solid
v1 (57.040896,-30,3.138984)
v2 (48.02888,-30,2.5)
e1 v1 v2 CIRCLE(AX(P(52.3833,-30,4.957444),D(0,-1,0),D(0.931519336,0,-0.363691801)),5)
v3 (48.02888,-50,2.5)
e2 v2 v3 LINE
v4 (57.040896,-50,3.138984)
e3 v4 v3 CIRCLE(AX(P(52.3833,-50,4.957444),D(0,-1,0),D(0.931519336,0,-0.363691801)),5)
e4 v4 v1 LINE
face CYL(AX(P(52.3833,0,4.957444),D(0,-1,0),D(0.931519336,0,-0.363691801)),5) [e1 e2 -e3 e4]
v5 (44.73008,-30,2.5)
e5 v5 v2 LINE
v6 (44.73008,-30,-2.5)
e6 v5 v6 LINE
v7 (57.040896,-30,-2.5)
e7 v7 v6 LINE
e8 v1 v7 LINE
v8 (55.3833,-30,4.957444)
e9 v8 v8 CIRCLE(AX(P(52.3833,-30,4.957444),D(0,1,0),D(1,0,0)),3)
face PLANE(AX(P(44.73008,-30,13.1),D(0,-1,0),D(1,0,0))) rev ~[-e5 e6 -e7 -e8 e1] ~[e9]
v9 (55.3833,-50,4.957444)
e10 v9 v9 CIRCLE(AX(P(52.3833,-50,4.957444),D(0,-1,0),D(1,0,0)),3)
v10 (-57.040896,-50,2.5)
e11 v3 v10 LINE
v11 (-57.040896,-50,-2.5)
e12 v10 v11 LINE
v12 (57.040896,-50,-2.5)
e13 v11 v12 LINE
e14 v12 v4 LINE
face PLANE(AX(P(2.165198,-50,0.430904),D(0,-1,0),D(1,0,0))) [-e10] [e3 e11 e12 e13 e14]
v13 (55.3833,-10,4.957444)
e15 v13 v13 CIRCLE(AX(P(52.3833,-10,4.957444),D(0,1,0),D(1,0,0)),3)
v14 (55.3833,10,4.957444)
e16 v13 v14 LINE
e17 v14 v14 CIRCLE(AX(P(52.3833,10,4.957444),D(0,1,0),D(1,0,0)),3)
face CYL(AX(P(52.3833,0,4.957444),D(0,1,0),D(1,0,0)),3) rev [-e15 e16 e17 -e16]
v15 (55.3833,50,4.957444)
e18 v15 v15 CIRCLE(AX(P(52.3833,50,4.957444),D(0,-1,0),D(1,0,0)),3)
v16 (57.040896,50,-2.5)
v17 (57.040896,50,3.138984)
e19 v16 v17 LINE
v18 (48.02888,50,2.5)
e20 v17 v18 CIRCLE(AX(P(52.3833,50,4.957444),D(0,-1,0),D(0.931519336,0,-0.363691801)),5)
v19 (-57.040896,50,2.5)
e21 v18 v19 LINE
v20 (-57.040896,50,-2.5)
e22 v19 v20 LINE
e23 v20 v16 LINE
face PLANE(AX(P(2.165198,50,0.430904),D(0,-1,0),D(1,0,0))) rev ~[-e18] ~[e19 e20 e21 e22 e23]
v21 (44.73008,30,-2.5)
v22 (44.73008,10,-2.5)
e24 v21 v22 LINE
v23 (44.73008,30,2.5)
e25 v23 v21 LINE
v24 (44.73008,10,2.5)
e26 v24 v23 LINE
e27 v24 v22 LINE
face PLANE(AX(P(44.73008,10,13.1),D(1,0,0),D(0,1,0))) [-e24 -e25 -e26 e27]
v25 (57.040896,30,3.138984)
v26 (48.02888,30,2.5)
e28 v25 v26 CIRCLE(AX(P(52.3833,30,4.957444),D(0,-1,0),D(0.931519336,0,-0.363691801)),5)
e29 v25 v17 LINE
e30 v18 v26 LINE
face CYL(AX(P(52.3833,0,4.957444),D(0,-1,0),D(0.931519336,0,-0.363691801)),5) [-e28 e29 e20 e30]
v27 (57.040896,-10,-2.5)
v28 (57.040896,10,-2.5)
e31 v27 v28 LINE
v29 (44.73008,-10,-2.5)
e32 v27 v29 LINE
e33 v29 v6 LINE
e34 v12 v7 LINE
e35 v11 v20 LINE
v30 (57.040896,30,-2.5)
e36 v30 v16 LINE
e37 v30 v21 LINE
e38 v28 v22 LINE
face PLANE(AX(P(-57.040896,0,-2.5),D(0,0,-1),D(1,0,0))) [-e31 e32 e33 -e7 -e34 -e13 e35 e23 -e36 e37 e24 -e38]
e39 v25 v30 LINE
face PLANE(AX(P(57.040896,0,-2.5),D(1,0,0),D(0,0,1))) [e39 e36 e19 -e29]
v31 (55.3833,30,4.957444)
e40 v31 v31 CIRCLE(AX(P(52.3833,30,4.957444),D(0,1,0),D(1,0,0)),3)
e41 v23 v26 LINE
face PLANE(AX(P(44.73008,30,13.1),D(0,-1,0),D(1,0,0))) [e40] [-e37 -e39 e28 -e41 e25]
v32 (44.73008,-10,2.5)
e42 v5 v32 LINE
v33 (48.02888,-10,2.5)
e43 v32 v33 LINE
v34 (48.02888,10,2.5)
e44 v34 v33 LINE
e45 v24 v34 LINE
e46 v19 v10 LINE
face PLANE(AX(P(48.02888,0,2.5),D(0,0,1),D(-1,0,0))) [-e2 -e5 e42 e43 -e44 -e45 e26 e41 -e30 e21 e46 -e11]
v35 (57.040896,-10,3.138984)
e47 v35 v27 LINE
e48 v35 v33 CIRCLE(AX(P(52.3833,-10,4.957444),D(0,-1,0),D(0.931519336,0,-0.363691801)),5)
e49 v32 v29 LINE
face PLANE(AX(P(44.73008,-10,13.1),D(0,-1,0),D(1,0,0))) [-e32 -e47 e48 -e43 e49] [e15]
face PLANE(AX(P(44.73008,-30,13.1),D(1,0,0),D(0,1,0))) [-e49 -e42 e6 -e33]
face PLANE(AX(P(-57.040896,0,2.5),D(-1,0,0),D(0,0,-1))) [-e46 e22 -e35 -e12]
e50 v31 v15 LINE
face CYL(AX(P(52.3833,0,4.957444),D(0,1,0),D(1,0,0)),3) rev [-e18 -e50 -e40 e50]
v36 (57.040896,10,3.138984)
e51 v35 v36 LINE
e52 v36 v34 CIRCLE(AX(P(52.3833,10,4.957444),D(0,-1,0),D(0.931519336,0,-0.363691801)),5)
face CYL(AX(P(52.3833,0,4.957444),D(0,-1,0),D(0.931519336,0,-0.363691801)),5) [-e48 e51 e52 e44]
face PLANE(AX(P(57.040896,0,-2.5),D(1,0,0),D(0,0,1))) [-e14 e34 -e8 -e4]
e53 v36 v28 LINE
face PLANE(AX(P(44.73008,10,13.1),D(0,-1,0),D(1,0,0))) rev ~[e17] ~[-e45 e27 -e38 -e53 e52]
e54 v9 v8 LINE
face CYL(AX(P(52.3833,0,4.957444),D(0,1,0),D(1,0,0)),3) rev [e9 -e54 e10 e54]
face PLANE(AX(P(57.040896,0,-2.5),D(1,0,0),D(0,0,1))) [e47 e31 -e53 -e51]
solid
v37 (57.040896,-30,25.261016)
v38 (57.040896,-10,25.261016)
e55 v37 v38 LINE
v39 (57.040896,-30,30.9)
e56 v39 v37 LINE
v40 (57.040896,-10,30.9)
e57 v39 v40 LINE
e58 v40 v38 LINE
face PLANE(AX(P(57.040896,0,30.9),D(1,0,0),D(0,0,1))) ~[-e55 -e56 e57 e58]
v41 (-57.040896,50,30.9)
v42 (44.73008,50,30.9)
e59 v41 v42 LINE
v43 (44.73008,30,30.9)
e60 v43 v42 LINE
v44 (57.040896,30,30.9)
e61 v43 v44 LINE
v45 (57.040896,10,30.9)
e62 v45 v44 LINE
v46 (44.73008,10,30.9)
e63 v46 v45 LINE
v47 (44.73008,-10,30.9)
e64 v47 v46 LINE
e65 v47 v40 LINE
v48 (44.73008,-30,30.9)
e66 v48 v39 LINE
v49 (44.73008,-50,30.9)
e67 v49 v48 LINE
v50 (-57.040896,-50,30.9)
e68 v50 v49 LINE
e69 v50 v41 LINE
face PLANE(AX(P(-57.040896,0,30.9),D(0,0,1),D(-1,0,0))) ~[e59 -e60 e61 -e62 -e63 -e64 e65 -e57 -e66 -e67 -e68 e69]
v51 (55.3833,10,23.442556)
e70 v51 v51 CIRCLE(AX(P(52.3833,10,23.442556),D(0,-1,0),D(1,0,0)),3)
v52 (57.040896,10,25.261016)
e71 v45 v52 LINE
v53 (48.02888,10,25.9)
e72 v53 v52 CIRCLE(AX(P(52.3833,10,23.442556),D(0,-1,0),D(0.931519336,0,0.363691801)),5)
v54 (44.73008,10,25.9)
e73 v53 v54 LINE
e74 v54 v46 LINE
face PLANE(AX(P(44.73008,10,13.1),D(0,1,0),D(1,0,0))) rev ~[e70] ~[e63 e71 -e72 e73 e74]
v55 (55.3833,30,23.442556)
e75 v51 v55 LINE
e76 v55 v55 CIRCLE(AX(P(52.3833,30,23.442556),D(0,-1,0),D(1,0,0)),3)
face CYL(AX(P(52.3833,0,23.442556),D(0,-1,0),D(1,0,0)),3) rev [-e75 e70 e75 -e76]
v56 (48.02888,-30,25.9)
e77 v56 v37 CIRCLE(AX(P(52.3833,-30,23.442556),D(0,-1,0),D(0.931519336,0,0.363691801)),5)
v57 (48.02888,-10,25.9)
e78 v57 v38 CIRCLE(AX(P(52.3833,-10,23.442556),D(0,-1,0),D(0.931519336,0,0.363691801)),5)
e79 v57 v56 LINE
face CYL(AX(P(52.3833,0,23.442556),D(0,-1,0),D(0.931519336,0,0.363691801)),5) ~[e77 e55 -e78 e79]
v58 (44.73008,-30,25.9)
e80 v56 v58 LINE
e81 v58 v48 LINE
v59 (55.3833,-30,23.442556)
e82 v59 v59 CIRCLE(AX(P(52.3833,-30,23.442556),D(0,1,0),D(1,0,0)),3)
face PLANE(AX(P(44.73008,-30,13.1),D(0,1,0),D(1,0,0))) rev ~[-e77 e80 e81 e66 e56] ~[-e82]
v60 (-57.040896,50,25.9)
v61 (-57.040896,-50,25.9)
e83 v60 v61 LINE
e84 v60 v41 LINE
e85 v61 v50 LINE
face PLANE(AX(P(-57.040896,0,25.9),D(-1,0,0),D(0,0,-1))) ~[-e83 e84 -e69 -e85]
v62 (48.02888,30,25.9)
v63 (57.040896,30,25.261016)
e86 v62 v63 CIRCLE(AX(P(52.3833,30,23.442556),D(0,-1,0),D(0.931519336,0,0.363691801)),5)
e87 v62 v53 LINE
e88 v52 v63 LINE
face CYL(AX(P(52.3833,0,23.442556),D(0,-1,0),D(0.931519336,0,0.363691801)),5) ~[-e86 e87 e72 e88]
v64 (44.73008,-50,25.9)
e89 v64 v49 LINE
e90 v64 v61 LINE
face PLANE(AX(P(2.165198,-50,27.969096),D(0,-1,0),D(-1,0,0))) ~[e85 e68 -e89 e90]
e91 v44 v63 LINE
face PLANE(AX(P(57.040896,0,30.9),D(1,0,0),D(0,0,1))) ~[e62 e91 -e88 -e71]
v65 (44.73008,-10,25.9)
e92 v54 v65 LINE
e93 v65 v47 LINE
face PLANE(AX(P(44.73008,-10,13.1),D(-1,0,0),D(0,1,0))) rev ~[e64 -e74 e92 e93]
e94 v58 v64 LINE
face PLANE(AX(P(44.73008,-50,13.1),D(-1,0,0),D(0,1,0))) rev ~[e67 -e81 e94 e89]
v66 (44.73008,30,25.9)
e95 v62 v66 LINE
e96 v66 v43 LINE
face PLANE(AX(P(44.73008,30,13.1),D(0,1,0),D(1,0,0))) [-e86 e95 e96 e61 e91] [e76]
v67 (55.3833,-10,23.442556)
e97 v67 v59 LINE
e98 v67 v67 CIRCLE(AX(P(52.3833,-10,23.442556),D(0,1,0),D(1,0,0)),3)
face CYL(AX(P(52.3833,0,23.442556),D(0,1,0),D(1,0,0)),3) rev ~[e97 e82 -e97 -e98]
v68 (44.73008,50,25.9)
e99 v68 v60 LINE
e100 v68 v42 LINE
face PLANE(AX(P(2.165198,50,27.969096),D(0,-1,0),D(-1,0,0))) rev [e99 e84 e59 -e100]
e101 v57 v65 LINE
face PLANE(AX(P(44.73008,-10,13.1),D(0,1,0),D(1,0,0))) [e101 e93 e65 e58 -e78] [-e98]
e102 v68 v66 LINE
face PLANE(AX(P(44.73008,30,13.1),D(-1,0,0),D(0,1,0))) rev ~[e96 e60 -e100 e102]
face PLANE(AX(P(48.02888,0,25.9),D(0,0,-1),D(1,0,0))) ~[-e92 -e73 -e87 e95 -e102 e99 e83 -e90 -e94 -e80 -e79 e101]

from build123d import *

# Parameters (mm, degrees)
F0_R          = 3
F1_DEPTH      = 50
F1_DEPTH_BACK = 50
F3_W          = 22.0232212332
F3_H          = 20
F6_DEPTH      = 25
F7_DEPTH      = 25


with BuildPart() as f1:
    # F0 (on Front) → F1 (new body, two sides)
    with BuildSketch(Plane.XZ) as f1_sk:
        with BuildLine():
            ThreePointArc((57.0408962667, 3.1389844976), (52.029669329, 9.9449223914), (48.0288798293, 2.5))
            Line((48.0288798293, 2.5), (-57.0408962667, 2.5))
            Line((-57.0408962667, 2.5), (-57.0408962667, -2.5))
            Line((-57.0408962667, -2.5), (57.0408962667, -2.5))
            Line((57.0408962667, -2.5), (57.0408962667, 3.1389844976))
        make_face()
        with Locations((52.3832995862, 4.9574435051)):
            Circle(F0_R, mode=Mode.SUBTRACT)
    extrude(amount=F1_DEPTH)
    extrude(f1_sk.sketch, amount=-F1_DEPTH_BACK)


with BuildPart() as f5_1:
    # F5: instance of F1
    add(f1.part.mirror(Plane.XY.offset(14.2)))

    # F3 (on offset) → F7 (cut)
    with BuildSketch(Plane.XY.offset(13.1)):
        with Locations((55.7416907957, 40)):
            Rectangle(F3_W, F3_H)
        with Locations((55.7416907957, 0)):
            Rectangle(F3_W, F3_H)
        with Locations((55.7416907957, -40)):
            Rectangle(F3_W, F3_H)
    extrude(amount=F7_DEPTH, mode=Mode.SUBTRACT)


with BuildPart() as f1_1:
    add(f1.part)

    # F3 (on offset) → F6 (cut)
    with BuildSketch(Plane.XY.offset(13.1)):
        with Locations((55.7416907957, 20)):
            Rectangle(F3_W, F3_H)
        with Locations((55.7416907957, -20)):
            Rectangle(F3_W, F3_H)
    extrude(amount=-F6_DEPTH, mode=Mode.SUBTRACT)


solid = Compound([f5_1.part, f1_1.part])
